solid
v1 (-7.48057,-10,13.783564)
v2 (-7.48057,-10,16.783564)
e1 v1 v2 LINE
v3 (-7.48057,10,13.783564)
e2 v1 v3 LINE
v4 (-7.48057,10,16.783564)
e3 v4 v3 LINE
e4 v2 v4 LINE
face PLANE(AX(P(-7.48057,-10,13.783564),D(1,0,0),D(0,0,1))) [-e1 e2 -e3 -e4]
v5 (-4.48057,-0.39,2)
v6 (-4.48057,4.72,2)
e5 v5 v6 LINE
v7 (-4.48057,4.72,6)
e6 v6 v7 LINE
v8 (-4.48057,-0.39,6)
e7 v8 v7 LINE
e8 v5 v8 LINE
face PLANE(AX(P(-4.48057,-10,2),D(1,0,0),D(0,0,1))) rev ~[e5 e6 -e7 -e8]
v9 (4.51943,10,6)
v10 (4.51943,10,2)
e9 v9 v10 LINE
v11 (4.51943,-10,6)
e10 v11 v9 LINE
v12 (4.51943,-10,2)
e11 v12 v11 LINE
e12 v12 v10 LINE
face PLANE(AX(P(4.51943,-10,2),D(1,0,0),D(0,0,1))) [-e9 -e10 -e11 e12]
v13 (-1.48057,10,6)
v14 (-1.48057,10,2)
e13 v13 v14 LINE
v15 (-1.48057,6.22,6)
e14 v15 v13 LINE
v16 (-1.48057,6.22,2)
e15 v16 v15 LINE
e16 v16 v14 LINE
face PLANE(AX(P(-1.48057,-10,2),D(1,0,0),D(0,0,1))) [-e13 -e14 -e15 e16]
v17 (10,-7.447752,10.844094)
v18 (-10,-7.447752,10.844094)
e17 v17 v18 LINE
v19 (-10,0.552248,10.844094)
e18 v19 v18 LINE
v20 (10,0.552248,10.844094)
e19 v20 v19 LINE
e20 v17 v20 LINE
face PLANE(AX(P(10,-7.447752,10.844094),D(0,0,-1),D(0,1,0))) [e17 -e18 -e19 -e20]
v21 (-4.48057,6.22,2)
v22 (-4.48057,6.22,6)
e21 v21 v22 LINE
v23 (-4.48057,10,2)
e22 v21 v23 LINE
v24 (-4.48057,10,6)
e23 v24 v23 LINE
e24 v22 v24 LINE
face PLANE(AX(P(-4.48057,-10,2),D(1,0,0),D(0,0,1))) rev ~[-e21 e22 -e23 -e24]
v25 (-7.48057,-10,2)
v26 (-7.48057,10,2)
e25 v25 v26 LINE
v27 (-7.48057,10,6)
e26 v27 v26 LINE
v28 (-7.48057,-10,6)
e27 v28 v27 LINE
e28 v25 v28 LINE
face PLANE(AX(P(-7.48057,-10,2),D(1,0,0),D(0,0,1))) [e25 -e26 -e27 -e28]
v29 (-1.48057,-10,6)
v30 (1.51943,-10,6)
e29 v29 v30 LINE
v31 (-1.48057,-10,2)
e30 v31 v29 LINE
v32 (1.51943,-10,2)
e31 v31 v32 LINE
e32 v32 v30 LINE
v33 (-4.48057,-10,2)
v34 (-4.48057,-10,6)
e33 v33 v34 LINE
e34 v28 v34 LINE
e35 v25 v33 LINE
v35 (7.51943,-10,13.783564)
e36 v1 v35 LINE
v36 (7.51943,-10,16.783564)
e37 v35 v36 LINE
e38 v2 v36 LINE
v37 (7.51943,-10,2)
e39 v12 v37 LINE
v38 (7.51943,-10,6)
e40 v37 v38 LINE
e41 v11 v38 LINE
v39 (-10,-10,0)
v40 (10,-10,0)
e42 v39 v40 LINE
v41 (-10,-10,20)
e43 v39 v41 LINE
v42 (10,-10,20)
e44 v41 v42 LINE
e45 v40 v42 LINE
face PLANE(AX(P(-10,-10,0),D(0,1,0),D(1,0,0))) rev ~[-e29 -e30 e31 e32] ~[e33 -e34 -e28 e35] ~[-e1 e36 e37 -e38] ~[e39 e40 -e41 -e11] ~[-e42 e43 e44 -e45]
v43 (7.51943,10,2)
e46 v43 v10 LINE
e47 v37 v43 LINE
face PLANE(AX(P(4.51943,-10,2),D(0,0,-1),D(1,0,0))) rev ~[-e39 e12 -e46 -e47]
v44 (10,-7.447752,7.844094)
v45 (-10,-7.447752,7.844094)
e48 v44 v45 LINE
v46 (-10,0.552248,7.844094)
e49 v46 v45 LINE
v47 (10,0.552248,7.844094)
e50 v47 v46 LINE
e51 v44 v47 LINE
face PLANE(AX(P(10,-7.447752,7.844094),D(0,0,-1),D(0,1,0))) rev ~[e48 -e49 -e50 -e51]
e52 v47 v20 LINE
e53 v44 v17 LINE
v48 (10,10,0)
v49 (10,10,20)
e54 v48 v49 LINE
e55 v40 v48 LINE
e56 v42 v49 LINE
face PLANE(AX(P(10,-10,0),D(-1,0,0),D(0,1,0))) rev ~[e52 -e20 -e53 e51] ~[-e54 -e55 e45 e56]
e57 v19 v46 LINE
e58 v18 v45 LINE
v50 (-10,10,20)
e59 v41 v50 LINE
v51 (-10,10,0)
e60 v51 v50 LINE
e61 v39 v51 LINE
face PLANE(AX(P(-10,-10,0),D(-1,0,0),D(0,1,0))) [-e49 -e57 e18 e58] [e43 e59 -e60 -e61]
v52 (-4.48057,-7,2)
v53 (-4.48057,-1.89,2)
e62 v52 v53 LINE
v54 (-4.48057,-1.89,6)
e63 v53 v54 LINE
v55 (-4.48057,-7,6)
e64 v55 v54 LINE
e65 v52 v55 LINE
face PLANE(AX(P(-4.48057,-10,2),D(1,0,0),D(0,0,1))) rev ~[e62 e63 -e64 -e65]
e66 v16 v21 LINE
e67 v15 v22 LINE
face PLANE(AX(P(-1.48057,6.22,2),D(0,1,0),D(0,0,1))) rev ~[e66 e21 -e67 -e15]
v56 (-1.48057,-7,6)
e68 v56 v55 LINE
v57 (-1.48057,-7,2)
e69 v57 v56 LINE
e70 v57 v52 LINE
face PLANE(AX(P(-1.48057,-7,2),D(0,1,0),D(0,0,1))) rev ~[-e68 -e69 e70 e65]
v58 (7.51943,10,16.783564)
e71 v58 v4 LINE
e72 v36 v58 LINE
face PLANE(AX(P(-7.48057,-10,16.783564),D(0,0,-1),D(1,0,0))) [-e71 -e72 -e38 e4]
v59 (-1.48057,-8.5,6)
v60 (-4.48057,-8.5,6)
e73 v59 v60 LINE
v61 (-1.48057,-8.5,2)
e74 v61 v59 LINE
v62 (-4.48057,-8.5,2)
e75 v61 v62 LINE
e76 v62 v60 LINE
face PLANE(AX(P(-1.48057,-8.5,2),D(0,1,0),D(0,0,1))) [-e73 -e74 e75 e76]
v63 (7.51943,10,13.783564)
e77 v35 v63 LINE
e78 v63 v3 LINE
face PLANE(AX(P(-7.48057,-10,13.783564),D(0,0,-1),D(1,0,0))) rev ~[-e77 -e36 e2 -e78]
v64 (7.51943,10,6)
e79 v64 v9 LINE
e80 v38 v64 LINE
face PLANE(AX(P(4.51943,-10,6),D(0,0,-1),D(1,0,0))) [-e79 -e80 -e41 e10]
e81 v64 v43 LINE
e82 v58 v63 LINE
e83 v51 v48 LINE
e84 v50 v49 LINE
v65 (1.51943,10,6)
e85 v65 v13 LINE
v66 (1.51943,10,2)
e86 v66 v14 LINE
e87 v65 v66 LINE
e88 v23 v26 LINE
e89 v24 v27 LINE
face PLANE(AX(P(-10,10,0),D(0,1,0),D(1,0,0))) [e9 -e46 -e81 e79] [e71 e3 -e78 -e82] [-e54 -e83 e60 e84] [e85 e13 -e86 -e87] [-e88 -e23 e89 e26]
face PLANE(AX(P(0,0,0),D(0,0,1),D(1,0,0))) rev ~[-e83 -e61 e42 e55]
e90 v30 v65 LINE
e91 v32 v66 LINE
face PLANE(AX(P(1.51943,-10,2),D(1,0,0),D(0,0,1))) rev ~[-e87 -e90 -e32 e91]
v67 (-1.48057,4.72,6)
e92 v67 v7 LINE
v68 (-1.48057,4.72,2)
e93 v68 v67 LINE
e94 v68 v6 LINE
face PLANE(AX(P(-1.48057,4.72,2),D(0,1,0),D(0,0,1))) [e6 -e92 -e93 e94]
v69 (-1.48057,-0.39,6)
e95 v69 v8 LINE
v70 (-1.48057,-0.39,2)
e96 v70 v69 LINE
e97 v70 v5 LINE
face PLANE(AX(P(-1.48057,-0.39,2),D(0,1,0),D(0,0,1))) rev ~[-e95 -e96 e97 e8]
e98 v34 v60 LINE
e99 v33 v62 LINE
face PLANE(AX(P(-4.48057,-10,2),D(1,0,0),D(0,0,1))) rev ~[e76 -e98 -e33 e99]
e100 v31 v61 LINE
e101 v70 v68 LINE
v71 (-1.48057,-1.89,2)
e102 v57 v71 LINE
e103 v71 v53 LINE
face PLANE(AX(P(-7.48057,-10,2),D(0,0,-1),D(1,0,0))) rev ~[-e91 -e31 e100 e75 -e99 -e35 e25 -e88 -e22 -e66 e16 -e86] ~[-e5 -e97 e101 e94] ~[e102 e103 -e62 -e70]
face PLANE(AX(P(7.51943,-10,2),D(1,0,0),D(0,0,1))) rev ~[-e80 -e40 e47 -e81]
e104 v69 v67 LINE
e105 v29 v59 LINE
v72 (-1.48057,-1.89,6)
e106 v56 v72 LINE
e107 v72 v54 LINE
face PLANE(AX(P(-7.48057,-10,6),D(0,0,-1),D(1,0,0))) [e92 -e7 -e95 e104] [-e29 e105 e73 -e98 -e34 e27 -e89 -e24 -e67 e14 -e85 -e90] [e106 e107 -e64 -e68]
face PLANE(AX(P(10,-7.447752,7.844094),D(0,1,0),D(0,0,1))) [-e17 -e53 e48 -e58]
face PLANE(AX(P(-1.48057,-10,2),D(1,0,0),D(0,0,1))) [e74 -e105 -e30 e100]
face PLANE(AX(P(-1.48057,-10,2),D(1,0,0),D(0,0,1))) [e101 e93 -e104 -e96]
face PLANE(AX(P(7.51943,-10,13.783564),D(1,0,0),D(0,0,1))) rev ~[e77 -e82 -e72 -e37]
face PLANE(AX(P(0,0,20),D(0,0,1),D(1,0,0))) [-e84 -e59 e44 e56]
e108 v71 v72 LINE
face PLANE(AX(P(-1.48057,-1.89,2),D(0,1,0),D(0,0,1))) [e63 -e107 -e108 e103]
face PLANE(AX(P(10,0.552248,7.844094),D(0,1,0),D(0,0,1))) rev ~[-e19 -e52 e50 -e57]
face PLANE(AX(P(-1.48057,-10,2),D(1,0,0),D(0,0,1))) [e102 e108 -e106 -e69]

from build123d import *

# Parameters (mm, degrees)
F0_W     = 20
F0_H     = 20
F1_DEPTH = 20
F2_W     = 3
F2_H     = 4
F2_W_2   = 15
F2_H_2   = 3
F3_DEPTH = 20.001
F4_W     = 8
F4_H     = 3
F5_DEPTH = 20.001
F6_W     = 1.5
F6_H     = 4
F7_DEPTH = 3


with BuildPart() as f1:
    # F0 (on Top) → F1 (new body)
    with BuildSketch(Plane.XY):
        Rectangle(F0_W, F0_H)
    extrude(amount=F1_DEPTH)

    # F2 (on face) → F3 (cut, through all)
    with BuildSketch(Plane.XZ.offset(10)):
        with Locations((-5.98057, 4)):
            Rectangle(F2_W, F2_H)
        with Locations((0.01943, 4)):
            Rectangle(F2_W, F2_H)
        with Locations((6.01943, 4)):
            Rectangle(F2_W, F2_H)
        with Locations((0.01943, 15.283564)):
            Rectangle(F2_W_2, F2_H_2)
    extrude(amount=-F3_DEPTH, mode=Mode.SUBTRACT)

    # F4 (on face) → F5 (cut, through all)
    with BuildSketch(Plane.YZ.offset(10)):
        with Locations((-3.447752, 9.344094)):
            Rectangle(F4_W, F4_H)
    extrude(amount=-F5_DEPTH, mode=Mode.SUBTRACT)

    # F6 (on face) → F7 (cut, through all)
    with BuildSketch(Plane.YZ.offset(-1.48057)):
        with Locations((-7.75, 4)):
            Rectangle(F6_W, F6_H)
        with Locations((-1.14, 4)):
            Rectangle(F6_W, F6_H)
        with Locations((5.47, 4)):
            Rectangle(F6_W, F6_H)
    extrude(amount=-F7_DEPTH, mode=Mode.SUBTRACT)


solid = f1.part
